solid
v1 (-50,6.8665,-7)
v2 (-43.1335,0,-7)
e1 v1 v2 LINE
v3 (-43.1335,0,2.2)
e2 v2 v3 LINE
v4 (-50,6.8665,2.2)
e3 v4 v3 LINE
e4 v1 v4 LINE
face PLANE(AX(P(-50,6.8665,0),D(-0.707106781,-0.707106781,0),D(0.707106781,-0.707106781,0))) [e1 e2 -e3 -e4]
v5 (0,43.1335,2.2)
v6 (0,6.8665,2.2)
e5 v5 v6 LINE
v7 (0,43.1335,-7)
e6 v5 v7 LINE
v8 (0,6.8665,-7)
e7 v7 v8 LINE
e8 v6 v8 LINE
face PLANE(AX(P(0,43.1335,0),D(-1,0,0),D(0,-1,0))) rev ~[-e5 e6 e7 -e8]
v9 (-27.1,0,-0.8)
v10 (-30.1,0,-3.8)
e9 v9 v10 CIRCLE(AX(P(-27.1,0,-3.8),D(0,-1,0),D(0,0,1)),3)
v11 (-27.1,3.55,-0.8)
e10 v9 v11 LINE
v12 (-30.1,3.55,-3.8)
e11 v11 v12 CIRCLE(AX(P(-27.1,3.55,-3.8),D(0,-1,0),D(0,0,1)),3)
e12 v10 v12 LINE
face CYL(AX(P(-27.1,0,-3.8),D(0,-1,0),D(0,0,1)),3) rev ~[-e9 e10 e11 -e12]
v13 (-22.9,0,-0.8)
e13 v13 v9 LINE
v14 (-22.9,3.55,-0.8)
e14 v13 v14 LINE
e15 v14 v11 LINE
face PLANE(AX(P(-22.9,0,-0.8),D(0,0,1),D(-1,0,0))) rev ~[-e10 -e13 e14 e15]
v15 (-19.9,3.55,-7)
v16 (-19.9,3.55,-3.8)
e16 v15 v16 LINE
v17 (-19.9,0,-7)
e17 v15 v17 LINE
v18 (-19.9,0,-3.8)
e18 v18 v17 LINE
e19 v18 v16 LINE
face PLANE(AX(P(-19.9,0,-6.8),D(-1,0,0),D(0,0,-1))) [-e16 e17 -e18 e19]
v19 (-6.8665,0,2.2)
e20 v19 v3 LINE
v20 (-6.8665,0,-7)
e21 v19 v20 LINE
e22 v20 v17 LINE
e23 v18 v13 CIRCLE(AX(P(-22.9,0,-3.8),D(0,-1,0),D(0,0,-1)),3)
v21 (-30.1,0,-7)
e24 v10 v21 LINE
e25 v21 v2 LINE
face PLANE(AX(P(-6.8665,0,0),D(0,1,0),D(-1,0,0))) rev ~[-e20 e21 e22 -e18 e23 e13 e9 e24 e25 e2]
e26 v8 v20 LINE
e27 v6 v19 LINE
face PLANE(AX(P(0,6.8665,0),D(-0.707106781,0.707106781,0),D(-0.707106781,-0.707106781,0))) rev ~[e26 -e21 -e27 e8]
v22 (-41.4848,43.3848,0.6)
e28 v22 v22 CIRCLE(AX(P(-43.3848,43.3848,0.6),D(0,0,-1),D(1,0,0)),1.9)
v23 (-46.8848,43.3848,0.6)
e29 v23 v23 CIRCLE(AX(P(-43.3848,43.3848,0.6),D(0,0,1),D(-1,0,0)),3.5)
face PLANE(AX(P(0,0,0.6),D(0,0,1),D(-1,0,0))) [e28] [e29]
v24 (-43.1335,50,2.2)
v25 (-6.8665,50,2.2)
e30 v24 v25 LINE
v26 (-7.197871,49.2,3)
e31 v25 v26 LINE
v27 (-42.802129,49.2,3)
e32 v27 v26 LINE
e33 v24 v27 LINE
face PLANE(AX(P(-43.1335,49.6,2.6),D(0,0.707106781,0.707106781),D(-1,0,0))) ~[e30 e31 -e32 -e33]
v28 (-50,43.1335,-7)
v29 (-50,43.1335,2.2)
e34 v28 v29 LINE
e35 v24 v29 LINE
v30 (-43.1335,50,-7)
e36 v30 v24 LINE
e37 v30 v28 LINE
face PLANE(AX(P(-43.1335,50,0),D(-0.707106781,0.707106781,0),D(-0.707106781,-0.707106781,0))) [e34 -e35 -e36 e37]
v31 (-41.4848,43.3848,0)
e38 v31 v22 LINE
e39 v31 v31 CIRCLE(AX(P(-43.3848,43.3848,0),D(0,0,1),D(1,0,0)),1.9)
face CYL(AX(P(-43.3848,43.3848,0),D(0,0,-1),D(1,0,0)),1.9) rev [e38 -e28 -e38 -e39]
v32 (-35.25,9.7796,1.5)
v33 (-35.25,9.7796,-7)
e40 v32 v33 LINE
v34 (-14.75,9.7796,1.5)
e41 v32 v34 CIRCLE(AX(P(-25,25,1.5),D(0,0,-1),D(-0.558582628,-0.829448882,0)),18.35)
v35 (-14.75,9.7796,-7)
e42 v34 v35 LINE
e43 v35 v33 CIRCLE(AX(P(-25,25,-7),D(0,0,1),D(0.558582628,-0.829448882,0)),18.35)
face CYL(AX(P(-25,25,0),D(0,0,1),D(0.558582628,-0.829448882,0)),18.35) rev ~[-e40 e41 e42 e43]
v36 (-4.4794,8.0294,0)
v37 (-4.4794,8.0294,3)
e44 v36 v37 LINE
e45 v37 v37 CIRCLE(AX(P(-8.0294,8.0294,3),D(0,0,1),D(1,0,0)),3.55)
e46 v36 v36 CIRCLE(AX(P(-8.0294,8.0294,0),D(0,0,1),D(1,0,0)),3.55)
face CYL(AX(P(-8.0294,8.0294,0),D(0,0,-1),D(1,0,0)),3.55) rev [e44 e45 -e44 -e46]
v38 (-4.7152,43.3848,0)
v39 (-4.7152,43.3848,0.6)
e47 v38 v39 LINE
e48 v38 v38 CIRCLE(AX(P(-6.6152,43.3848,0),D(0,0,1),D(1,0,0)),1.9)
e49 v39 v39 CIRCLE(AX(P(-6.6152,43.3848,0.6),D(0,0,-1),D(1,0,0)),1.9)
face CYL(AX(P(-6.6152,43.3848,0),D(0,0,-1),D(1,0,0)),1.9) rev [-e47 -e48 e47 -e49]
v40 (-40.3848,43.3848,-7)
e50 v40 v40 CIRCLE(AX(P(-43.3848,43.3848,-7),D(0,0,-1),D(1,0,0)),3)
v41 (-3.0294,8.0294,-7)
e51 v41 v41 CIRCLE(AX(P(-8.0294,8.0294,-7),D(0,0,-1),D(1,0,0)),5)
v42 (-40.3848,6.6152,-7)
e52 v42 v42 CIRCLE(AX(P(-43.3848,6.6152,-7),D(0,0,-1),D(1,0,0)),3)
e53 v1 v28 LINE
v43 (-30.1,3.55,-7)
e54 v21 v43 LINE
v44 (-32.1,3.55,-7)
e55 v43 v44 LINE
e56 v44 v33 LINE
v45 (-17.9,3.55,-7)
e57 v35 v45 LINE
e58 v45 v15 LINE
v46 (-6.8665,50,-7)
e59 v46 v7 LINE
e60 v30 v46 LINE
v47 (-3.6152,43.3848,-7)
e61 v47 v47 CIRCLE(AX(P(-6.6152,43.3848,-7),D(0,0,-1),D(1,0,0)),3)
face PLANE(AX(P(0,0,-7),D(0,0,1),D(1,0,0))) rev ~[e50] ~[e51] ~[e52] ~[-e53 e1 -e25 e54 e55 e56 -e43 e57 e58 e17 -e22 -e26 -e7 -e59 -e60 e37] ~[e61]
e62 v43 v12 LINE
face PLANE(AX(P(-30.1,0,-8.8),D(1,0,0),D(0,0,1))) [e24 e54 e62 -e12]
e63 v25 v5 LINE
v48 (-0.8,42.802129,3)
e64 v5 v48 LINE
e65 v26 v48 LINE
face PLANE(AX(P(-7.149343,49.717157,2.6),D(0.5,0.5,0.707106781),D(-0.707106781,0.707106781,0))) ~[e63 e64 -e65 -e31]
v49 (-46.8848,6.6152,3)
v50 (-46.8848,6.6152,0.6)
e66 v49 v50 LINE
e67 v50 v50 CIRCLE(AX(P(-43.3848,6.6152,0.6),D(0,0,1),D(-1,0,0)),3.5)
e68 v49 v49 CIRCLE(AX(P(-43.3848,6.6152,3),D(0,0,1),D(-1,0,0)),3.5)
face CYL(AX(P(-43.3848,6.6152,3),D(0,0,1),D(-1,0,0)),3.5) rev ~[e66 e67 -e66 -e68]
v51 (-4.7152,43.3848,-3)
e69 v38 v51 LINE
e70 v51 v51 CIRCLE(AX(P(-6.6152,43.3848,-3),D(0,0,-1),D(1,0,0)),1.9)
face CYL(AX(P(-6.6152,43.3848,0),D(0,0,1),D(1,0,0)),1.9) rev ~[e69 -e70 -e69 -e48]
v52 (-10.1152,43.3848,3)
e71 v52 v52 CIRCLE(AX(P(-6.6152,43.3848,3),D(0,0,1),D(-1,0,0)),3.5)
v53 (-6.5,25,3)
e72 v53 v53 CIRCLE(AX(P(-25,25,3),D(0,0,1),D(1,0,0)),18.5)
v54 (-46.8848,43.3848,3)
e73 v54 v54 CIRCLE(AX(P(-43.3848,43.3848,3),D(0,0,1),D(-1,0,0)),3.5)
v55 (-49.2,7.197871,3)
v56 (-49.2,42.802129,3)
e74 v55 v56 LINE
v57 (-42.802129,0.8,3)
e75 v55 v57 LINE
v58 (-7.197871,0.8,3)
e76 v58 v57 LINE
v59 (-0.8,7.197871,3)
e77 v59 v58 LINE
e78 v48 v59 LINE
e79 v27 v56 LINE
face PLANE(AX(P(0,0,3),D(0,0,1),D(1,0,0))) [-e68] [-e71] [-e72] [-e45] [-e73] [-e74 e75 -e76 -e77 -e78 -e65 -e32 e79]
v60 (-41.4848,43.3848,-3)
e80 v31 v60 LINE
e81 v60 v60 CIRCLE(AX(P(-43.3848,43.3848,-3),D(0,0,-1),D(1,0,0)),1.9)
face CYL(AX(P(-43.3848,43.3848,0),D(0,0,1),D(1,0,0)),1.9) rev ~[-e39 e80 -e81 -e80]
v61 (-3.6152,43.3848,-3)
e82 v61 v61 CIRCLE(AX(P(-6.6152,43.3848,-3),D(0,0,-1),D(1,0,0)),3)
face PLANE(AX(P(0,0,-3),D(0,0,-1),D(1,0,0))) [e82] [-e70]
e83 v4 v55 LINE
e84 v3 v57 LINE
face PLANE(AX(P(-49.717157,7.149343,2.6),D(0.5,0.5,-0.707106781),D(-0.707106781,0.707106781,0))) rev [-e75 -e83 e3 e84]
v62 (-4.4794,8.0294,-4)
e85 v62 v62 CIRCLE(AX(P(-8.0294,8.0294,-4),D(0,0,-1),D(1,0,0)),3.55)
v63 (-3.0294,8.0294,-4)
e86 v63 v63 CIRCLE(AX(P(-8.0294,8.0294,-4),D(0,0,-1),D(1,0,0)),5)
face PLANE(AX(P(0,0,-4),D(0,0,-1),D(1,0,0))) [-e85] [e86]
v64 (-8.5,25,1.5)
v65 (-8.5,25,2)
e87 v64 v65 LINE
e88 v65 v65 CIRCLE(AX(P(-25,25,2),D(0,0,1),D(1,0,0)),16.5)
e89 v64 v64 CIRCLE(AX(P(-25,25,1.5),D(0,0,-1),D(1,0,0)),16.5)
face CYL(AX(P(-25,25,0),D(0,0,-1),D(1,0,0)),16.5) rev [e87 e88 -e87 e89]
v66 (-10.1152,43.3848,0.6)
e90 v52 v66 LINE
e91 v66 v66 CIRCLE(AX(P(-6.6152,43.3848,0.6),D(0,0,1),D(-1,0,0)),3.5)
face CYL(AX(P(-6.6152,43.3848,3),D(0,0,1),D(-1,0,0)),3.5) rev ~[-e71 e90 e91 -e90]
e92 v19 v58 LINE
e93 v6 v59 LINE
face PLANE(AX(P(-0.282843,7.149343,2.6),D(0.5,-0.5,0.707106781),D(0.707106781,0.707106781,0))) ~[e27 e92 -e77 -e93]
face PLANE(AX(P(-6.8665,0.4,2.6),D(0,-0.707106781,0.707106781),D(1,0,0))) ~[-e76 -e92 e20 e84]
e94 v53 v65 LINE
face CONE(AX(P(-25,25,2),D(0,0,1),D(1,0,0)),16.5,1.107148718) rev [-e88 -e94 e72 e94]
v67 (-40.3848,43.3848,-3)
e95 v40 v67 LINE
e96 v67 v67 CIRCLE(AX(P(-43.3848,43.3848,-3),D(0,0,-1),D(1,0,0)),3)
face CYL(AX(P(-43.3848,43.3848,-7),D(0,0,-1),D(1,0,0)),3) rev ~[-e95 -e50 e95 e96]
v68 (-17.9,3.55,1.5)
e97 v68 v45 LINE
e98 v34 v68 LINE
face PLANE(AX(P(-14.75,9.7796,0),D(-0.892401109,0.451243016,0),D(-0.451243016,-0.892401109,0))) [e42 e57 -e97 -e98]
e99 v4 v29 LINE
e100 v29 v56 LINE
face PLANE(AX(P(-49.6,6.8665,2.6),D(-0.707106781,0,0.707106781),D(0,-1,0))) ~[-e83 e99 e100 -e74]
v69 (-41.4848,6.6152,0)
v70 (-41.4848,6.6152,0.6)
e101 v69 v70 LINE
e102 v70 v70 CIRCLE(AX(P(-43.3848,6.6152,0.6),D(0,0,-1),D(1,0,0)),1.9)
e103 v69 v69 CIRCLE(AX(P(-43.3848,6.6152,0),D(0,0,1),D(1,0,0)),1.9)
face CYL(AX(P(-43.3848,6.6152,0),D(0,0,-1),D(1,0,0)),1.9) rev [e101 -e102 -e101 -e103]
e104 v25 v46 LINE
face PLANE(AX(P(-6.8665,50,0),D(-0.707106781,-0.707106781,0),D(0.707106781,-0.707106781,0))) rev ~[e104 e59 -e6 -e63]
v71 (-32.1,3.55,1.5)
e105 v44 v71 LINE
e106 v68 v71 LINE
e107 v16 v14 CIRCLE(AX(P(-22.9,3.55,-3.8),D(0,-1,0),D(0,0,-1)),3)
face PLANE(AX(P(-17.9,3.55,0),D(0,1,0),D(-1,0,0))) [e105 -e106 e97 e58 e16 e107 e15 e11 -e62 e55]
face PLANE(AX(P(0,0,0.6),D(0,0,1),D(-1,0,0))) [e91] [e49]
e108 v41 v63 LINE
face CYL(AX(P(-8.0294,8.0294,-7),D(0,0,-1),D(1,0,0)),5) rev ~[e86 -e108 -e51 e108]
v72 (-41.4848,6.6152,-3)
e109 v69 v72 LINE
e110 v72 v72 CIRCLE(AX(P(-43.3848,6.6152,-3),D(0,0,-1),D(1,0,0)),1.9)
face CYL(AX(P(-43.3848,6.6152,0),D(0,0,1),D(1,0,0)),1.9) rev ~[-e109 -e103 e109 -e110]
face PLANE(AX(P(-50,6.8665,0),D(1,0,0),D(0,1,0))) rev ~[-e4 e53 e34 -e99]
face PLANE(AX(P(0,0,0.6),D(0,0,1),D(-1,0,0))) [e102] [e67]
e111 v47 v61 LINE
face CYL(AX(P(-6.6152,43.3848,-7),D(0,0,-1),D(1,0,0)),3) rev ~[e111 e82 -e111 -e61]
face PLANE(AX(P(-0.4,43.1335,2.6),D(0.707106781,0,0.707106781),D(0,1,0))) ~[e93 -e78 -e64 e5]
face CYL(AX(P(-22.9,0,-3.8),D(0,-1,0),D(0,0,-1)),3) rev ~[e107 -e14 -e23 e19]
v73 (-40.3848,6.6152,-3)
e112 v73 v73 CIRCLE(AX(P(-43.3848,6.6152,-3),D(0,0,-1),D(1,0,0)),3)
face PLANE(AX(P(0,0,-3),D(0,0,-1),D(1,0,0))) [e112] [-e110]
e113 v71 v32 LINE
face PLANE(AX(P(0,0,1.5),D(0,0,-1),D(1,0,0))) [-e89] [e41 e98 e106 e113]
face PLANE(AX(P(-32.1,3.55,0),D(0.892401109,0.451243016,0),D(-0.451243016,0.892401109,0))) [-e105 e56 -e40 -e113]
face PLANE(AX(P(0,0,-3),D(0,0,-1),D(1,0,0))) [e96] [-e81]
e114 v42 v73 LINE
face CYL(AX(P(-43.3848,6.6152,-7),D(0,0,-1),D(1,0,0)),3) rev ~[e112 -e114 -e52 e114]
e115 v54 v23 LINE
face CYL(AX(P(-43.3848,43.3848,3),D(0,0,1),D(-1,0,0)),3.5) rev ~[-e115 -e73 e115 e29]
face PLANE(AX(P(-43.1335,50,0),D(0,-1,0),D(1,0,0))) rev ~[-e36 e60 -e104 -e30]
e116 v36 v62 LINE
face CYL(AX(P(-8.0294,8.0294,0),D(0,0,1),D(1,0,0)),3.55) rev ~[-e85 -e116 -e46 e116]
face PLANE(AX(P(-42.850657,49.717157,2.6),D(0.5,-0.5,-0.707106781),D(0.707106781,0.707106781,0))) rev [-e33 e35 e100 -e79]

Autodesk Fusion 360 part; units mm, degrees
sketch "Skizze1" plane through (0, 0, 0) normal (0, 0, 1) x (1, 0, 0)
  line L0 (-50, 50) -> (0, 50)
  line L1 (0, 50) -> (0, 0)
  line L2 (0, 0) -> (-50, 0)
  line L3 (-50, 0) -> (-50, 50)
  line L4 (-50, 25) -> (0, 25) construction
  line L5 (-25, 50) -> (-25, 0) construction
  circle A0 centre (-25, 25) radius 16.5
  circle A1 centre (-8.0294, 8.0294) radius 3.55
  line L6 (-50, 50) -> (0, 0) construction
  line L7 (0, 50) -> (-50, 0) construction
  circle A2 centre (-43.3848, 43.3848) radius 1.9
  circle A3 centre (-6.6152, 43.3848) radius 1.9
  circle A4 centre (-43.3848, 6.6152) radius 1.9
  line L8 (-6.8665, 50) -> (0, 43.1335)
  line L9 (-50, 6.8665) -> (-43.1335, 0)
  line L10 (-43.1335, 50) -> (-50, 43.1335)
  line L11 (0, 6.8665) -> (-6.8665, 0)
  line L12 (-8.0294, 16.5147) -> (-16.5147, 8.0294) construction
  line L13 (-16.5147, 8.0294) -> (-8.0294, -0.4558) construction
  line L14 (-8.0294, -0.4558) -> (0.4558, 8.0294) construction
  line L15 (0.4558, 8.0294) -> (-8.0294, 16.5147) construction
  line L16 (-8.0294, 16.5147) -> (-8.0294, -0.4558) construction
  point P0 (-8.0294, 8.0294)
  point P1 (-8.0294, 8.0294)
  dimension "d3" = 33
  dimension "d4" = 7.1
  dimension "d6" = 3.8
  dimension "d7" = 26
  dimension "d8" = 26
  dimension "d9" = 26
  dimension "d42" = 50
  dimension "d43" = 50
  dimension "d44" = 61
  dimension "d45" = 61
  dimension "d46" = 12
  dimension "d47" = 12
  dimension "d54" = 6.5
extrude "Extrusion1" add sketch "Skizze1" along normal blind 3 contours L0 L1 L2 L3 L8 L9 L10 L11
chamfer "Fase1" distance 0.8 angle 45 8 edges at (-25, 0, 3) (-46.5668, 3.4332, 3) (-50, 25, 3) (-46.5668, 46.5668, 3) (-25, 50, 3) (-3.4332, 46.5668, 3) (0, 25, 3) (-3.4332, 3.4332, 3)
chamfer "Fase3" distance 2 distance2 1 1 edges at (-40.3834, 30.9667, 3) measured on face at (-24.589, 46.618, 3)
sketch "Skizze2" plane through (0, 0, 0) normal (0, 0, -1) x (1, 0, 0)
  circle A0 centre (-25, -25) radius 16.5
  circle A1 centre (-43.3848, -43.3848) radius 1.9
  circle A2 centre (-43.3848, -6.6152) radius 1.9
  circle A3 centre (-8.0294, -8.0294) radius 3.55
  circle A4 centre (-6.6152, -43.3848) radius 1.9
  line L0 (-50, -43.1335) -> (-43.1335, -50)
  line L1 (-43.1335, -50) -> (-6.8665, -50)
  line L2 (-6.8665, -50) -> (0, -43.1335)
  line L3 (0, -43.1335) -> (0, -6.8665)
  line L4 (0, -6.8665) -> (-6.8665, 0)
  line L5 (-6.8665, 0) -> (-43.1335, 0)
  line L6 (-43.1335, 0) -> (-50, -6.8665)
  line L7 (-50, -6.8665) -> (-50, -43.1335)
  circle A5 centre (-25, -25) radius 18.35
  line L8 (-14.75, -9.7796) -> (-17.9, -3.55)
  line L9 (-17.9, -3.55) -> (-32.1, -3.55)
  line L10 (-32.1, -3.55) -> (-35.25, -9.7796)
  line L11 (-25, -25) -> (-25, 4.0219) construction
  dimension "d18" = 36.7
  dimension "d19" = 21.45
  dimension "d20" = 20.5
  dimension "d21" = 14.2
extrude "Extrusion2" cut sketch "Skizze2" against normal blind 1.5 contours A5 | A5 L8 L9 L10
sketch "Skizze3" plane through (0, 0, 0) normal (0, -1, 0) x (1, 0, 0)
  line L0 (-6.8665, 2.2) -> (-43.1335, 2.2)
  line L1 (-43.1335, 2.2) -> (-43.1335, 0)
  line L2 (-43.1335, 0) -> (-6.8665, 0)
  line L3 (-6.8665, 0) -> (-6.8665, 2.2)
  line L4 (-41.5, 1.5) -> (-8.5, 1.5)
  line L5 (-41.5, 2) -> (-8.5, 2)
  line L6 (-25, 1.5) -> (-25, -10) construction
  line L7 (-22.9, -6.8) -> (-27.1, -6.8)
  line L8 (-22.9, -0.8) -> (-27.1, -0.8)
  arc A0 (-27.1, -0.8) -> (-27.1, -6.8) centre (-27.1, -3.8) ccw
  arc A1 (-22.9, -6.8) -> (-22.9, -0.8) centre (-22.9, -3.8) ccw
  line L9 (-19.9, -3.8) -> (-30.1, -3.8) construction
  line L10 (-25, -5.5) -> (-25, -2.1) construction
  line L11 (-22.9, -6.8) -> (-19.9, -6.8)
  line L12 (-19.9, -6.8) -> (-19.9, -3.8)
  line L13 (-27.1, -6.8) -> (-30.1, -6.8)
  line L14 (-30.1, -6.8) -> (-30.1, -3.8)
  line L15 (-30.1, -6.8) -> (-19.9, -6.8)
  line L16 (-19.9, -6.8) -> (-19.9, -8.8)
  line L17 (-19.9, -8.8) -> (-30.1, -8.8)
  line L18 (-30.1, -8.8) -> (-30.1, -6.8)
  point P0 (-25, -2.1)
  point P1 (-25, -5.5)
  point P2 (-25, -3.8)
  point P3 (-25, -3.8)
  dimension "d24" = 3.6
  dimension "d25" = 7
  dimension "d27" = 6
  dimension "d31" = 10.2
  dimension "d53" = 2
extrude "Extrusion3" add 1 faces at (-47.7677, 25.4366, 0) along direction (0, 0, -1) blind 7
extrude "Extrusion4" cut sketch "Skizze3" against normal up to surface (3.55 mm away) contours L7 L11 L13 L15 L16 L17 L18 | L7 L8 A0 A1 L15 | A1 L11 L12 L15 | A0 L13 L14 L15
sketch "Skizze4" plane through (0, 0, -7) normal (0, 0, -1) x (1, 0, 0)
  circle A0 centre (-43.3848, -43.3848) radius 1.9
  circle A1 centre (-6.6152, -43.3848) radius 1.9
  arc A2 (-35.25, -9.7796) -> (-14.75, -9.7796) centre (-25, -25) ccw
  arc A3 (-35.25, -9.7796) -> (-14.75, -9.7796) centre (-25, -25) ccw
  circle A4 centre (-8.0294, -8.0294) radius 3.55
  circle A5 centre (-8.0294, -8.0294) radius 3.55
  circle A6 centre (-43.3848, -6.6152) radius 1.9
  circle A7 centre (-8.0294, -8.0294) radius 3.5
  circle A8 centre (-8.0294, -8.0294) radius 5
  circle A9 centre (-6.6152, -43.3848) radius 1.1
  circle A10 centre (-6.6152, -43.3848) radius 3
  circle A11 centre (-43.3848, -43.3848) radius 1.1
  circle A12 centre (-43.3848, -43.3848) radius 3
  circle A13 centre (-43.3848, -6.6152) radius 1.1
  circle A14 centre (-43.3848, -6.6152) radius 3
  circle A15 centre (-43.3848, -43.3848) radius 1.9
  circle A16 centre (-6.6152, -43.3848) radius 1.9
  circle A17 centre (-43.3848, -6.6152) radius 1.9
  dimension "d49" = 6
  dimension "d50" = 10
extrude "Extrusion5" cut sketch "Skizze4" against normal blind 4 contours A10 | A12 | A14
extrude "Extrusion6" cut sketch "Skizze4" against normal blind 3 contours A8
sketch "Skizze5" plane through (0, 0, 3) normal (0, 0, 1) x (-1, 0, 0)
  line L0 (7.1979, -49.2) -> (42.8021, -49.2)
  line L1 (42.8021, -49.2) -> (49.2, -42.8021)
  line L2 (49.2, -42.8021) -> (49.2, -7.1979)
  line L3 (49.2, -7.1979) -> (42.8021, -0.8)
  line L4 (42.8021, -0.8) -> (7.1979, -0.8)
  line L5 (7.1979, -0.8) -> (0.8, -7.1979)
  line L6 (0.8, -7.1979) -> (0.8, -42.8021)
  line L7 (0.8, -42.8021) -> (7.1979, -49.2)
  circle A0 centre (43.3848, -43.3848) radius 1.9
  circle A1 centre (43.3848, -6.6152) radius 1.9
  circle A2 centre (6.6152, -43.3848) radius 1.9
  circle A3 centre (8.0294, -8.0294) radius 3.55
  circle A4 centre (25, -25) radius 18.5
  circle A5 centre (6.6152, -43.3848) radius 1.9
  circle A6 centre (6.6152, -43.3848) radius 1.9
  circle A7 centre (43.3848, -43.3848) radius 1.9
  circle A8 centre (43.3848, -43.3848) radius 1.9
  circle A9 centre (43.3848, -6.6152) radius 1.9
  circle A10 centre (43.3848, -6.6152) radius 1.9
  circle A11 centre (43.3848, -43.3848) radius 3.5
  circle A12 centre (43.3848, -6.6152) radius 3.5
  circle A13 centre (6.6152, -43.3848) radius 3.5
  dimension "d55" = 7
extrude "Extrusion7" cut sketch "Skizze5" against normal blind 2.4 contours A11 | A12 | A13
sketch "Skizze6" plane through (0, 0, -7) normal (0, 0, -1) x (1, 0, 0)
  circle A0 centre (-8.0294, -8.0294) radius 5
  line L0 (-30.1, -3.55) -> (-30.1, 0)
  line L1 (-30.1, 0) -> (-43.1335, 0)
  line L2 (-43.1335, 0) -> (-50, -6.8665)
  line L3 (-50, -6.8665) -> (-50, -43.1335)
  line L4 (-50, -43.1335) -> (-43.1335, -50)
  line L5 (-43.1335, -50) -> (-6.8665, -50)
  line L6 (-6.8665, -50) -> (0, -43.1335)
  line L7 (0, -43.1335) -> (0, -6.8665)
  line L8 (0, -6.8665) -> (-6.8665, 0)
  line L9 (-6.8665, 0) -> (-19.9, 0)
  line L10 (-19.9, 0) -> (-19.9, -3.55)
  line L11 (-19.9, -3.55) -> (-17.9, -3.55)
  line L12 (-17.9, -3.55) -> (-14.75, -9.7796)
  arc A1 (-35.25, -9.7796) -> (-14.75, -9.7796) centre (-25, -25) ccw
  line L13 (-35.25, -9.7796) -> (-32.1, -3.55)
  line L14 (-32.1, -3.55) -> (-30.1, -3.55)
  circle A2 centre (-6.6152, -43.3848) radius 3
  circle A3 centre (-43.3848, -43.3848) radius 3
  circle A4 centre (-43.3848, -6.6152) radius 3
  circle A5 centre (-6.6152, -43.3848) radius 3
  circle A6 centre (-43.3848, -43.3848) radius 3
  circle A7 centre (-43.3848, -6.6152) radius 3
  circle A8 centre (-8.0294, -8.0294) radius 5
  circle A9 centre (-25, -25) radius 19.5
  dimension "d58" = 39
equation "d8 = d7"
equation "d9 = d7"
equation "d54 = 6.85 mm - 0.35 mm"
